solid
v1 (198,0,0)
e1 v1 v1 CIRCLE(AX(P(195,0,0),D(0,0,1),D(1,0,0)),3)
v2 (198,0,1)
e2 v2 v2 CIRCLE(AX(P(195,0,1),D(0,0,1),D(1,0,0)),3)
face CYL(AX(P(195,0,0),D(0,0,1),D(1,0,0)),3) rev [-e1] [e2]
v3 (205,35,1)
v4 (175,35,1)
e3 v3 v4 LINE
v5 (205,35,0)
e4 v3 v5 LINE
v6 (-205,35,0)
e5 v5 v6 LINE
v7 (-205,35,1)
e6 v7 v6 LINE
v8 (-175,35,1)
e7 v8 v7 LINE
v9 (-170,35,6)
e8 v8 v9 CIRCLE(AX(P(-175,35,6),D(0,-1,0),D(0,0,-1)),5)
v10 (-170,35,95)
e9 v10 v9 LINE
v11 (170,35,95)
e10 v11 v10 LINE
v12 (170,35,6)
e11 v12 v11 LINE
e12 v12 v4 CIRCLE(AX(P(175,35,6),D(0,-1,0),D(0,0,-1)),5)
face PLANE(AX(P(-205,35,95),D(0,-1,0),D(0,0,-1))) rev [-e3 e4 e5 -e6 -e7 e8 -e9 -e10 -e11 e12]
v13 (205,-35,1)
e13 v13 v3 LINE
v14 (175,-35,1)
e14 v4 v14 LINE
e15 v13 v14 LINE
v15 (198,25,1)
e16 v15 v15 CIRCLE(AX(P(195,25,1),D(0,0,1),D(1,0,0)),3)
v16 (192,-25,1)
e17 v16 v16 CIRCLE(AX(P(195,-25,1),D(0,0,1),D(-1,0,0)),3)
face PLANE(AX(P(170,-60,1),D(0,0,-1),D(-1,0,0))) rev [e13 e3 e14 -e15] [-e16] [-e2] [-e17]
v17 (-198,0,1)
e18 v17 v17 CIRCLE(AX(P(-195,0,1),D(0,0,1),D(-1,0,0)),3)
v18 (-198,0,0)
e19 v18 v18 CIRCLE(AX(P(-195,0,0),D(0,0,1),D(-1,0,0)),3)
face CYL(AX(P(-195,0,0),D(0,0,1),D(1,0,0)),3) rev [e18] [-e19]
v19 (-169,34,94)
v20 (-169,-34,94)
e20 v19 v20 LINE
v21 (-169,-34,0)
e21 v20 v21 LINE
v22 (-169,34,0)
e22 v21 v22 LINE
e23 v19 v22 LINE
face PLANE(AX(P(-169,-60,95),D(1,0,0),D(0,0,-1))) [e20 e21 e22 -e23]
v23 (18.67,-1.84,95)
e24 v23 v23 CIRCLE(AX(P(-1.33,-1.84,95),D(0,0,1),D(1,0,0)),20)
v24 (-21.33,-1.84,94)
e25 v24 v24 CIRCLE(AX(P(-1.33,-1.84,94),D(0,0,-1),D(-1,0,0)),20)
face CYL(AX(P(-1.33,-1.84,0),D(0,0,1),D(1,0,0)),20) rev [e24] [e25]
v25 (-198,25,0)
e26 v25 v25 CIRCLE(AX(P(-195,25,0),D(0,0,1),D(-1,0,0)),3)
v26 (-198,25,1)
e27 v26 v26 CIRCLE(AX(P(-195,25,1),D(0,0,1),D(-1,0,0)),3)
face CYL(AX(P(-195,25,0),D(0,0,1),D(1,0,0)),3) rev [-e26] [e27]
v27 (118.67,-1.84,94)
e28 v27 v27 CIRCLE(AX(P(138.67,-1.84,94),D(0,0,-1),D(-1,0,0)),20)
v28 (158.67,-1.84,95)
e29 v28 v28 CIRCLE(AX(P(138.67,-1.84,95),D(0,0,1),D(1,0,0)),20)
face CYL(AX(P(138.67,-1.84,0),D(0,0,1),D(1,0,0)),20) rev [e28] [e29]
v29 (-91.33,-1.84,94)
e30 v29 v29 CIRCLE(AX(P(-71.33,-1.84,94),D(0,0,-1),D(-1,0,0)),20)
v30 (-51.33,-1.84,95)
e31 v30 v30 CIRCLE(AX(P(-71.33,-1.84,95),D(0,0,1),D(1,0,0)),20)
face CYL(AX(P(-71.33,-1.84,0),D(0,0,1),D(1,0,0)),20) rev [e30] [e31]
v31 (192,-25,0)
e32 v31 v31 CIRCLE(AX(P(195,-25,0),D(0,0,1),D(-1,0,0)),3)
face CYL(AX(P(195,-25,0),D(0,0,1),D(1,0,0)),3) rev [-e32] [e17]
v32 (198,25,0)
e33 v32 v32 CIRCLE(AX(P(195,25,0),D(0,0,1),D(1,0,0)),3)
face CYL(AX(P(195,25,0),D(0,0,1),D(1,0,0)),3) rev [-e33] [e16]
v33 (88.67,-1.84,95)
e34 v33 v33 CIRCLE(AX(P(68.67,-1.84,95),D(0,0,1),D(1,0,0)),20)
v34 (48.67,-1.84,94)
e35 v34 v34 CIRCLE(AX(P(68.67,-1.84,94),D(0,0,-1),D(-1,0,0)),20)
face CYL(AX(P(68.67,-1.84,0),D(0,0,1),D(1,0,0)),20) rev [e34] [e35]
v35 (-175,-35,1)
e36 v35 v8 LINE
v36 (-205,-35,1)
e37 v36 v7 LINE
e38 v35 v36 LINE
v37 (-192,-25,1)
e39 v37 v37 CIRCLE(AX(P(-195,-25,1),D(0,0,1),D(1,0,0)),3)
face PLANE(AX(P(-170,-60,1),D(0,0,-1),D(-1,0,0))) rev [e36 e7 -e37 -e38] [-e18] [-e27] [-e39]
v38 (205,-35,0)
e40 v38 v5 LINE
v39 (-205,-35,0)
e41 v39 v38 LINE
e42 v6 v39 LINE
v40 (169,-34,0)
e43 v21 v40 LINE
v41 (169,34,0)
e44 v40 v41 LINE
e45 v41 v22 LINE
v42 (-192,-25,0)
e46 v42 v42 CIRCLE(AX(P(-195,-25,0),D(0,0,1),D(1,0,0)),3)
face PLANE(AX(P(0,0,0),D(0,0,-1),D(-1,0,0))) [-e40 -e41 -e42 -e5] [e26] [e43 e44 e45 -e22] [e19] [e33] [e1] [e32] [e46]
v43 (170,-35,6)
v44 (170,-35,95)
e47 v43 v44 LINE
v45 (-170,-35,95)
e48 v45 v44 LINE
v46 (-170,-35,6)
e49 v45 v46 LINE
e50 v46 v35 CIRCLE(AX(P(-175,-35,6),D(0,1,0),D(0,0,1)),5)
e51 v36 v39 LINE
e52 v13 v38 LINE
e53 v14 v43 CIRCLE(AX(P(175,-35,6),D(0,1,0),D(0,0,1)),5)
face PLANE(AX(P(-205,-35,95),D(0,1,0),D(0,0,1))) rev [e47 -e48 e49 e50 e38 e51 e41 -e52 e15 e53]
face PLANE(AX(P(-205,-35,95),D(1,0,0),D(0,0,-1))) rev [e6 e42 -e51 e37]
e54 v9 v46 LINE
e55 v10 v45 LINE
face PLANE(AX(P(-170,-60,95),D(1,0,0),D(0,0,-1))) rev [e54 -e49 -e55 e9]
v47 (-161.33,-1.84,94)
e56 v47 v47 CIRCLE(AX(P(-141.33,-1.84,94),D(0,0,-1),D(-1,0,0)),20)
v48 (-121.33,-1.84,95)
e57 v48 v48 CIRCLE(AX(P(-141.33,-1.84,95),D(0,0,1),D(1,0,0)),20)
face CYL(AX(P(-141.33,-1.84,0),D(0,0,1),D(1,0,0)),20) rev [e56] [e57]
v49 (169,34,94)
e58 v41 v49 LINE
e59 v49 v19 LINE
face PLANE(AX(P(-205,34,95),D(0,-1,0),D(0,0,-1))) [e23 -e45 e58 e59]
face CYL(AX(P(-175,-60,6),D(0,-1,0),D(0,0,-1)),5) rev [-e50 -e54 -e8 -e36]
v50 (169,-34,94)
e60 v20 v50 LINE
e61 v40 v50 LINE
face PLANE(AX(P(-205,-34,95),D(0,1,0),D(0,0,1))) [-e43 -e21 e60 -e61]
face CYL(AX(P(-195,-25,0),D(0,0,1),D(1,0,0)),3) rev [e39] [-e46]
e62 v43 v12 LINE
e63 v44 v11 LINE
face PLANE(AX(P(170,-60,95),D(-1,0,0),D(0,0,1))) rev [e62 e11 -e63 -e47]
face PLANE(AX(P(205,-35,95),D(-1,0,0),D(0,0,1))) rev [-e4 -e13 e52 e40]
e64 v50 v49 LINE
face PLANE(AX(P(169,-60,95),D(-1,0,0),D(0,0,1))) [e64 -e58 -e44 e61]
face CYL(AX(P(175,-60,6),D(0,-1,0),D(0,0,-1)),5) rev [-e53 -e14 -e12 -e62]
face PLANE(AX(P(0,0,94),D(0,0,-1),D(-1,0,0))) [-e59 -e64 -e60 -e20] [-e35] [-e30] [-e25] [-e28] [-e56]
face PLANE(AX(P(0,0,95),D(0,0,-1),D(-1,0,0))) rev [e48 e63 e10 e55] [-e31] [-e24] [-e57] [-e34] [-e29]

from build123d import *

# Parameters (mm, degrees)
SKETCH_1_W          = 410
SKETCH_1_H          = 70
EXTRUDE_1_DEPTH     = 95
SKETCH_2_W          = 35
SKETCH_2_H          = 94
CUT_EXTRUDE_1_DEPTH = 95
SHELL_1_T           = -1
FILLET_2_R          = 5
SKETCH_3_R          = 2.9999999999999947
SKETCH_3_R_2        = 2.999999999999994
SKETCH_3_R_3        = 3.000000000000047
CUT_EXTRUDE_2_DEPTH = 229.22357459298556
SKETCH_4_R          = 20.000000000000004
SKETCH_4_R_2        = 20
SKETCH_4_R_3        = 19.999999999999986
CUT_EXTRUDE_3_DEPTH = 229.63726730347355


with BuildPart() as part:
    # 草图1 → 凸台-拉伸1 (new body)
    with BuildSketch(Plane.XY):
        Rectangle(SKETCH_1_W, SKETCH_1_H)
    extrude(amount=EXTRUDE_1_DEPTH)

    # 草图2 → 切除-拉伸1 (cut)
    with BuildSketch(Plane(origin=(0, 34.99999999999999, 0), x_dir=(1, 0, 0), z_dir=(0, 1, 0))):
        with Locations((187.49999999999997, -48)):
            Rectangle(SKETCH_2_W, SKETCH_2_H)
        Polygon((-204.99999999999997, -1.0000000000001206), (-204.99999999999991, -95.00000000000011), (-169.99999999999994, -95.00000000000011), (-169.99999999999997, -1.0000000000001001), align=None)
    extrude(amount=-CUT_EXTRUDE_1_DEPTH, mode=Mode.SUBTRACT)

    # 抽壳1
    shell_1_openings = [part.faces().sort_by_distance(p)[0] for p in [
        (0, 0, 0),
    ]]
    offset(amount=SHELL_1_T, openings=shell_1_openings, kind=Kind.INTERSECTION)

    # 圆角2
    fillet_2_edges = [part.edges().sort_by_distance(p)[0] for p in [
        (169.99999999999997, -7.11e-15, 1.0000000000000009),
        (-169.99999999999997, -7.11e-15, 1.0000000000001001),
    ]]
    fillet(fillet_2_edges, radius=FILLET_2_R)

    # 草图3 → 切除-拉伸2 (cut, through all)
    with BuildSketch(Plane.XY.offset(1.000000000000001)):
        with Locations((194.99999999999994, 24.999999999999993)):
            Circle(SKETCH_3_R)
        with Locations(Location((194.99999999999994, -25.000000000000007, 0), (0, 0, 180))):
            Circle(SKETCH_3_R)
        with Locations((194.99999999999994, -6.94e-15)):
            Circle(SKETCH_3_R_2)
        with Locations(Location((-194.9999999999999, -1.5959e-13, 0), (0, 0, 180))):
            Circle(SKETCH_3_R_3)
        with Locations(Location((-194.99999999999994, 24.999999999999837, 0), (0, 0, 180))):
            Circle(SKETCH_3_R)
        with Locations((-194.9999999999999, -25.00000000000016)):
            Circle(SKETCH_3_R)
    extrude(amount=-CUT_EXTRUDE_2_DEPTH, mode=Mode.SUBTRACT)

    # 草图4 → 切除-拉伸3 (cut, through all)
    with BuildSketch(Plane.XY.offset(95)):
        with Locations((-141.32999999999993, -1.8400000000000152)):
            Circle(SKETCH_4_R)
        with Locations((-71.32999999999993, -1.8400000000000152)):
            Circle(SKETCH_4_R)
        with Locations((-1.3299999999999146, -1.8400000000000152)):
            Circle(SKETCH_4_R_2)
        with Locations((68.67000000000009, -1.8400000000000152)):
            Circle(SKETCH_4_R)
        with Locations((138.6700000000001, -1.8400000000000152)):
            Circle(SKETCH_4_R_3)
    extrude(amount=-CUT_EXTRUDE_3_DEPTH, mode=Mode.SUBTRACT)


solid = part.part
